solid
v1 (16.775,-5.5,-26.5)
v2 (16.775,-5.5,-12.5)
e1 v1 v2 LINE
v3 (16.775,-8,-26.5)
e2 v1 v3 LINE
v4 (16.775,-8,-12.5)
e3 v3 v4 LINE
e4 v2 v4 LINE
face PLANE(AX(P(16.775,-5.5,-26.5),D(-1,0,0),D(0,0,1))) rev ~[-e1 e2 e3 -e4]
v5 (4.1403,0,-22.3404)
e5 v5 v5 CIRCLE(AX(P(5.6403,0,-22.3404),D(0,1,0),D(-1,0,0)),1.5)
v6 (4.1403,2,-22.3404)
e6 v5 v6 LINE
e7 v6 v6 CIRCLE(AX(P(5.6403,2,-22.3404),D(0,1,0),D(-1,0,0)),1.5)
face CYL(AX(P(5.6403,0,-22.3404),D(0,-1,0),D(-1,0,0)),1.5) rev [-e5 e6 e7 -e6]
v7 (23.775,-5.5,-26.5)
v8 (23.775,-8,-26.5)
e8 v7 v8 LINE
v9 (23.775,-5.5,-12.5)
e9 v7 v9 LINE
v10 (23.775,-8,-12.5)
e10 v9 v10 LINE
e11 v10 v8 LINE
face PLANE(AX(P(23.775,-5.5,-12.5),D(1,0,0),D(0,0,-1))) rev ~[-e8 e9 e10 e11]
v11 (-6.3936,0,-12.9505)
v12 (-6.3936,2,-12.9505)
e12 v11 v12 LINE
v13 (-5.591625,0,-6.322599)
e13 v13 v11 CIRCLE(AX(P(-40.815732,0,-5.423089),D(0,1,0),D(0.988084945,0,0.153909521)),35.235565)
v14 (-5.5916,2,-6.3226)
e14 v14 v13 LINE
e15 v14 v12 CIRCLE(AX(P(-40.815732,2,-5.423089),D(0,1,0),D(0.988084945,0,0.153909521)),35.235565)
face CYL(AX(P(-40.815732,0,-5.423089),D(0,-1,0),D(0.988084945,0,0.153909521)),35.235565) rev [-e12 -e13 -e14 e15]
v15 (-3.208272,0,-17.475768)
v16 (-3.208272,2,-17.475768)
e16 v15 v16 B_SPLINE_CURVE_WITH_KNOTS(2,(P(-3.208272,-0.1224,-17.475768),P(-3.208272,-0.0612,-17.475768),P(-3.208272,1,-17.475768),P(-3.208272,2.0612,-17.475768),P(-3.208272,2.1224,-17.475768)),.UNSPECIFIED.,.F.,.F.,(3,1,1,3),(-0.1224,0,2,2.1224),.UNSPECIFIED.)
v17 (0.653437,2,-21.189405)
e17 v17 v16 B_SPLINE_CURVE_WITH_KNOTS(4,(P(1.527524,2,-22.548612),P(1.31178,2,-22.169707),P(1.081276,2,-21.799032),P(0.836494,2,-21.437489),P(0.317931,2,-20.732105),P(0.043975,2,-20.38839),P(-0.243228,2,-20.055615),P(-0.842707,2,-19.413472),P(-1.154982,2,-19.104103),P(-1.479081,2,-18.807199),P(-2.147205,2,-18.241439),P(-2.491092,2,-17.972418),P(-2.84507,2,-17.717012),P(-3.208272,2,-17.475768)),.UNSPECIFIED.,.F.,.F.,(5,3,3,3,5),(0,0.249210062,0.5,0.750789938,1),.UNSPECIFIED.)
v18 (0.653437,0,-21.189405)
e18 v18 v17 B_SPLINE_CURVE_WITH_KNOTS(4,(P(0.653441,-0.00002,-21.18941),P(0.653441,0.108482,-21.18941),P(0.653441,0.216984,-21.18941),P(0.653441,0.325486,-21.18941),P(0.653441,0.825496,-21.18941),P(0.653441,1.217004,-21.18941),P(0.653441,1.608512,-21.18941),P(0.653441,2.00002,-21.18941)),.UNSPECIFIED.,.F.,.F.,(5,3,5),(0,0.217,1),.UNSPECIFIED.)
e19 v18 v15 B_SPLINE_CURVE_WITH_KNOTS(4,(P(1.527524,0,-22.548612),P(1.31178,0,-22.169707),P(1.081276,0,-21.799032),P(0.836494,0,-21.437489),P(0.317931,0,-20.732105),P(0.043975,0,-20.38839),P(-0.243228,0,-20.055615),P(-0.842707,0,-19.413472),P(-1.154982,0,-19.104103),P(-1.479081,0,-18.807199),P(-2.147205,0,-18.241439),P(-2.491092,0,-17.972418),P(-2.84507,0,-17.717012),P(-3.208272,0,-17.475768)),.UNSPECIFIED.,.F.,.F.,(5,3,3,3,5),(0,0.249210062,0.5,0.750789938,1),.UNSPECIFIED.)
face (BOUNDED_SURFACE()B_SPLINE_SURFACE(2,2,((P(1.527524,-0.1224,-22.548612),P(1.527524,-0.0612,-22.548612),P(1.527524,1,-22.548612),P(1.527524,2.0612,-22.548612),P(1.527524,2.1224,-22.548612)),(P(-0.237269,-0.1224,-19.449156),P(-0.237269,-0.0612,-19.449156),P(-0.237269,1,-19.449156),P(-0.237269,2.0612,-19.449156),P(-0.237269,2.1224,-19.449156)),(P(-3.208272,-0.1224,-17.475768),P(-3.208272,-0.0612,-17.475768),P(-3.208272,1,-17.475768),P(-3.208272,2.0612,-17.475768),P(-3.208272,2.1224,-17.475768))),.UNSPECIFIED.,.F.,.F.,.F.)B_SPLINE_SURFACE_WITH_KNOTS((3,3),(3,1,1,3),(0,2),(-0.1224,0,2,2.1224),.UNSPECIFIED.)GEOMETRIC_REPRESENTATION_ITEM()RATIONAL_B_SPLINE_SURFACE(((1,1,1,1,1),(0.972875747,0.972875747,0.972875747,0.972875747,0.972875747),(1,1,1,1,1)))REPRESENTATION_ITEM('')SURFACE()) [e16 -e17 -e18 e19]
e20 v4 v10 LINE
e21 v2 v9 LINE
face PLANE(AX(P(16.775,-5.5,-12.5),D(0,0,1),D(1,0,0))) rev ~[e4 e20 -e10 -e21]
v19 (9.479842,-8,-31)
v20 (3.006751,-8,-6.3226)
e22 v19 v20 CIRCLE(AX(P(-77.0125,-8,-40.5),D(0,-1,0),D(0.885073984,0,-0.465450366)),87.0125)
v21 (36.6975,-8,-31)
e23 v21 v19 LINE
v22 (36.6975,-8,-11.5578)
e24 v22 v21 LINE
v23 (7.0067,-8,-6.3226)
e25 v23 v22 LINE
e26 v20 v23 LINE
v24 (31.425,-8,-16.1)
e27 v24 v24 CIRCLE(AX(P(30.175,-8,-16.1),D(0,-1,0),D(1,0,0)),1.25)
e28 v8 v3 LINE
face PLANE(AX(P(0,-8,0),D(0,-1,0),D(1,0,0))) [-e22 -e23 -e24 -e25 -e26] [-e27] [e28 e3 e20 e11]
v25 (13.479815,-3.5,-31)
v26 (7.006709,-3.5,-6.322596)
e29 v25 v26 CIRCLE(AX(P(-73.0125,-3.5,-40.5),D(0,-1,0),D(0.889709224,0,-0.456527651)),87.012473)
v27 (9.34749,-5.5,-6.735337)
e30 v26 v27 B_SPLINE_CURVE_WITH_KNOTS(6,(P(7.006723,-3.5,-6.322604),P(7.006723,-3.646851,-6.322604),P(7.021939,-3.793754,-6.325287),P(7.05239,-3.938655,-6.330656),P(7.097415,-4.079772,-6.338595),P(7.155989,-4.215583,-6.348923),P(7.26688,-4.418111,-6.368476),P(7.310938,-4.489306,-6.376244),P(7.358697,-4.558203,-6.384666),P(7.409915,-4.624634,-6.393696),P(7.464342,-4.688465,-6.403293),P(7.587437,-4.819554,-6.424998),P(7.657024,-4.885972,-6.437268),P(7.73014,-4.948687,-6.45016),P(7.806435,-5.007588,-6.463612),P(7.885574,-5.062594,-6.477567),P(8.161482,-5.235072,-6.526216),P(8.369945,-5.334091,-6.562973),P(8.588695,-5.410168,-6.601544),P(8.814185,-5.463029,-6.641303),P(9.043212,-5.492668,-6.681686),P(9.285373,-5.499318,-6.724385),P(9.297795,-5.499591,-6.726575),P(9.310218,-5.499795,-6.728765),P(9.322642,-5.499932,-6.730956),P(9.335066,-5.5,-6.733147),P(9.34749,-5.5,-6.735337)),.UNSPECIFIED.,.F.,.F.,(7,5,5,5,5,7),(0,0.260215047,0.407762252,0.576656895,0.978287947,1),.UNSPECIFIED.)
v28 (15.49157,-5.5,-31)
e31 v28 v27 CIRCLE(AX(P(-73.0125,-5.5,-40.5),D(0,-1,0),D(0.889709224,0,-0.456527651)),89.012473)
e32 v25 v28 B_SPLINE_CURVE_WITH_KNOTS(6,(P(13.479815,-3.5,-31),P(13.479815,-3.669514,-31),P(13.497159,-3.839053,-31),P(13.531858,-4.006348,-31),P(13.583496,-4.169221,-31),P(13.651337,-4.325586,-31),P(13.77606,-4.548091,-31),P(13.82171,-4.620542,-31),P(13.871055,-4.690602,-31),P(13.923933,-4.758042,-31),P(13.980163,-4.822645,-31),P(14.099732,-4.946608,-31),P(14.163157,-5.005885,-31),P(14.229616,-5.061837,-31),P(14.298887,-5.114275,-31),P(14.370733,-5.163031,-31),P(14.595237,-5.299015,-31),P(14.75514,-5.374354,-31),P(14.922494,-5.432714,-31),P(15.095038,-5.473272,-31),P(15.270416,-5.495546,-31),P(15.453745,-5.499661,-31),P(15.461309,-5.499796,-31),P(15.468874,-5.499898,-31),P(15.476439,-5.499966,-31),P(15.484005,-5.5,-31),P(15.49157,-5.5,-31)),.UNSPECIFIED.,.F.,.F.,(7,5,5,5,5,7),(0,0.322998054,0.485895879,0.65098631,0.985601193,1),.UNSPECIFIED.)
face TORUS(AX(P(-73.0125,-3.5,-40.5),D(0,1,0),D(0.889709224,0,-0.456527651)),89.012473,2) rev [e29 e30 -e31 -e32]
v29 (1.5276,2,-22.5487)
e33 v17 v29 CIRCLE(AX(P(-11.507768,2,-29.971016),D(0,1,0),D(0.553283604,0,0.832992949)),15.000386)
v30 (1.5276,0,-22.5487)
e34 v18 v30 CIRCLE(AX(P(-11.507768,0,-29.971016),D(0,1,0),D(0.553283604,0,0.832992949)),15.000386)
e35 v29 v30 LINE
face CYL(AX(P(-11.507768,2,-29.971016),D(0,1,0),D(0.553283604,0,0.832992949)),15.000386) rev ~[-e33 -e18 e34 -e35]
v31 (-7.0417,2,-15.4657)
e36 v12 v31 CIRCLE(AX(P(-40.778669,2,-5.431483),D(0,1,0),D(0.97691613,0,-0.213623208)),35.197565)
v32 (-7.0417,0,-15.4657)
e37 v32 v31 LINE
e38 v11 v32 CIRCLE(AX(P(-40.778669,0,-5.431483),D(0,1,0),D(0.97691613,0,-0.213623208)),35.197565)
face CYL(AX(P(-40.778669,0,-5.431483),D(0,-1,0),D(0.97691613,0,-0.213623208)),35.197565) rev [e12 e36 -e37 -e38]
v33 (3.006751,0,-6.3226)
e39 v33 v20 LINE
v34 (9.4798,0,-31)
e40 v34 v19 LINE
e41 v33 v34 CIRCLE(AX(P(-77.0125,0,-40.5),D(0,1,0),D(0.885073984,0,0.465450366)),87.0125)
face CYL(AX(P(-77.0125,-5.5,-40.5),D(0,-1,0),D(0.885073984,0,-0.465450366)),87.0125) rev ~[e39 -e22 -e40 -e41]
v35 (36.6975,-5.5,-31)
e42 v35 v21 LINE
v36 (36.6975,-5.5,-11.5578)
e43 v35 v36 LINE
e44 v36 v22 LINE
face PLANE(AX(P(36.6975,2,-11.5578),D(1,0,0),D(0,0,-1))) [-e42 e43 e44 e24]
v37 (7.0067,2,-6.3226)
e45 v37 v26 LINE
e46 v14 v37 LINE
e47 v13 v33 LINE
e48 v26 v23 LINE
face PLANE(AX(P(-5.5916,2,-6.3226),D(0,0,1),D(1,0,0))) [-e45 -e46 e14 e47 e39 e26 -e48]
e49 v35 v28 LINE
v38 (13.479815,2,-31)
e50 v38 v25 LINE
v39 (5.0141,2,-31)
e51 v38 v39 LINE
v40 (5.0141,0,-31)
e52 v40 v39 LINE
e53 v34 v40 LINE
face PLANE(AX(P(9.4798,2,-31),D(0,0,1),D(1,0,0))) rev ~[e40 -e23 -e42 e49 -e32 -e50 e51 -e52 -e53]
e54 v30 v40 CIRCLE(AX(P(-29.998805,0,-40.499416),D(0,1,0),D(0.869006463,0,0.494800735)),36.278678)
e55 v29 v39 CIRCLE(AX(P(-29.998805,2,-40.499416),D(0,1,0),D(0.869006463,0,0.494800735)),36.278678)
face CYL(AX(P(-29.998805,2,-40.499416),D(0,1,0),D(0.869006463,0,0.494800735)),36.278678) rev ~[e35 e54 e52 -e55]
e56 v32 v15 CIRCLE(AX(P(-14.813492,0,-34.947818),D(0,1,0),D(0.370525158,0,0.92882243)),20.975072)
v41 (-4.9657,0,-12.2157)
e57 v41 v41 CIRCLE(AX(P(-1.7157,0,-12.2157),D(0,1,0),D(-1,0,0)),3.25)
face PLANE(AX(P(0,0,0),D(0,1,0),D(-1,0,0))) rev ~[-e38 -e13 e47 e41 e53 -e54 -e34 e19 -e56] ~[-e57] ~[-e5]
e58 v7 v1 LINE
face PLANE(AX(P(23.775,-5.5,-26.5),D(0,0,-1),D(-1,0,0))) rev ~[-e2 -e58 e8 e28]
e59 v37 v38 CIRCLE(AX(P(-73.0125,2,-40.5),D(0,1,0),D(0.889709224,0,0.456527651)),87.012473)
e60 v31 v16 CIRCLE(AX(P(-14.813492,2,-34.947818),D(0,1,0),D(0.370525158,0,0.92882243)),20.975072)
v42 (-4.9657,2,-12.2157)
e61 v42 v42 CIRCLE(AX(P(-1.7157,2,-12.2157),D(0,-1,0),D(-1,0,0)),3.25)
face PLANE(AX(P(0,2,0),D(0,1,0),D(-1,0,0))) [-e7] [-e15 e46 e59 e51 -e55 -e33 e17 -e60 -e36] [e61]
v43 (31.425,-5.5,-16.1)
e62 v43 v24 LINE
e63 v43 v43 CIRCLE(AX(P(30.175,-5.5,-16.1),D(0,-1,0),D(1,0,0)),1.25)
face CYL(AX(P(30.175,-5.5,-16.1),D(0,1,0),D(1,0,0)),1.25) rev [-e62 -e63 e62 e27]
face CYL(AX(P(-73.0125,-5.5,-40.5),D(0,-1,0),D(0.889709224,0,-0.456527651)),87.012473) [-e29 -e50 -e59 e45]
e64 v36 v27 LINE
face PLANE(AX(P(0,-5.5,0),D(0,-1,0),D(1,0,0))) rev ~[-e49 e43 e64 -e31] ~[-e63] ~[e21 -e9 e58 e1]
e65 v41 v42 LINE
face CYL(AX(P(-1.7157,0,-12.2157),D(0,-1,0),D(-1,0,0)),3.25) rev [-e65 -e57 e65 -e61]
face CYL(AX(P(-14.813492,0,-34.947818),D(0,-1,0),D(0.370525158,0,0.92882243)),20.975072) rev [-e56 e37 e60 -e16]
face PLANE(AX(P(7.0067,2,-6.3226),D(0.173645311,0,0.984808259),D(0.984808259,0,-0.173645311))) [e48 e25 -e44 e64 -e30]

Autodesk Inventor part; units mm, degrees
ref_plane "YZ Plane" through (0, 0, 0) normal (1, 0, 0) x (0, 1, 0)
ref_plane "XZ Plane" through (0, 0, 0) normal (0, 1, 0) x (-1, 0, 0)
ref_plane "XY Plane" through (0, 0, 0) normal (0, 0, 1) x (1, 0, 0)
sketch "Sketch1" plane through (0, 0, 0) normal (0, 1, 0) x (-1, 0, 0)
  line L0 (0, 0) -> (60, 0)
  line L1 (60, 0) -> (60, -81)
  line L2 (60, -81) -> (0, -81)
  line L3 (0, -81) -> (0, 0)
  line L4 (45, -21.6284) -> (15, -21.6284) construction
  line L5 (45, -81) -> (45, 0) construction
  line L6 (15, 0) -> (15, -81) construction
  circle A0 centre (40, -73.5) radius 1.5
  circle A1 centre (40, -7.5) radius 1.5
  circle A2 centre (20, -7.5) radius 1.5
  circle A3 centre (20, -73.5) radius 1.5
  line L7 (60, -40.5) -> (0, -40.5) construction
  line L8 (30, 0) -> (30, -81) construction
  circle A4 centre (30, -40.5) radius 24
  circle A5 centre (30, -40.5) radius 27.5
  circle A6 centre (57.1293, -36) radius 1.5
  circle A7 centre (57.1293, -45) radius 1.5
  circle A8 centre (25.5, -13.3707) radius 1.5
  circle A9 centre (34.5, -13.3707) radius 1.5
  circle A10 centre (2.8707, -45) radius 1.5
  circle A11 centre (2.8707, -36) radius 1.5
  circle A12 centre (34.5, -67.6293) radius 1.5
  circle A13 centre (25.5, -67.6293) radius 1.5
  circle A14 centre (30, -40.5) radius 40 construction
  arc A15 (60, -81) -> (60, 0) centre (-17.0125, -40.5) ccw
  circle A16 centre (30, -40.5) radius 36.28 construction
  circle A17 centre (65.9998, -36) radius 1.5
  circle A18 centre (65.9998, -45) radius 1.5
  circle A19 centre (-5.9998, -45) radius 1.5
  circle A20 centre (-5.9998, -36) radius 1.5
  arc A21 (0, 0) -> (0, -81) centre (77.0125, -40.5) ccw
  line L9 (30, -40.5) -> (-3.3536, -73.8536) construction
  circle A22 centre (1.7157, -68.7843) radius 1.5
  circle A23 centre (11.8404, -76.1403) radius 1.5
  circle A24 centre (23.7426, -80.0075) radius 1.5
  circle A25 centre (36.2574, -80.0075) radius 1.5
  circle A26 centre (48.1596, -76.1403) radius 1.5
  circle A27 centre (58.2843, -68.7843) radius 1.5
  circle A28 centre (65.6403, -58.6596) radius 1.5
  circle A29 centre (69.5075, -46.7574) radius 1.5
  circle A30 centre (69.5075, -34.2426) radius 1.5
  circle A31 centre (65.6403, -22.3404) radius 1.5
  circle A32 centre (58.2843, -12.2157) radius 1.5
  circle A33 centre (48.1596, -4.8597) radius 1.5
  circle A34 centre (36.2574, -0.9925) radius 1.5
  circle A35 centre (23.7426, -0.9925) radius 1.5
  circle A36 centre (11.8404, -4.8597) radius 1.5
  circle A37 centre (1.7157, -12.2157) radius 1.5
  circle A38 centre (-5.6403, -22.3404) radius 1.5
  circle A39 centre (-9.5075, -34.2426) radius 1.5
  circle A40 centre (-9.5075, -46.7574) radius 1.5
  circle A41 centre (-5.6403, -58.6596) radius 1.5
  circle A42 centre (48.1596, -68.7843) radius 1.5
  circle A43 centre (48.1596, -12.2157) radius 1.5
  circle A44 centre (11.8404, -12.2157) radius 1.5
  circle A45 centre (11.8404, -68.7843) radius 1.5
  line L10 (0, 0) -> (6, 0)
  arc A46 (6, 0) -> (6.3936, -12.9505) centre (40.8143, -5.423) ccw
  arc A47 (6.3936, -12.9505) -> (-5.0141, -31) centre (30, -40.5) ccw
  line L11 (-9.4798, -31) -> (7.9603, -31)
  line L12 (-10, -40.5) -> (70, -40.5) construction
  line L13 (-18.775, -14.5) -> (-31.775, -14.5)
  line L14 (-31.775, -14.5) -> (-31.775, -24.5)
  line L15 (-31.775, -24.5) -> (-18.775, -24.5)
  line L16 (-18.775, -24.5) -> (-18.775, -14.5)
  line L17 (-18.775, -54.5) -> (-37.775, -54.5)
  line L18 (-37.775, -54.5) -> (-37.775, -68.5)
  line L19 (-37.775, -68.5) -> (-18.775, -68.5)
  line L20 (-18.775, -68.5) -> (-18.775, -54.5)
  line L21 (-17.0125, -40.5) -> (-69.0232, -40.5)
  line L22 (-16.775, -12.5) -> (-23.775, -12.5)
  line L23 (-23.775, -12.5) -> (-23.775, -26.5)
  line L24 (-23.775, -26.5) -> (-16.775, -26.5)
  line L25 (-16.775, -26.5) -> (-16.775, -12.5)
  line L26 (-16.775, -52.5) -> (-23.775, -52.5)
  line L27 (-23.775, -52.5) -> (-23.775, -70.5)
  line L28 (-23.775, -70.5) -> (-16.775, -70.5)
  line L29 (-16.775, -70.5) -> (-16.775, -52.5)
  circle A48 centre (-30.175, -16.1) radius 1.25
  circle A49 centre (-30.175, -22.9) radius 1.25
  circle A50 centre (-35.775, -56.5) radius 1.25
  line L30 (-16.775, -32.5) -> (-49.775, -32.5)
  line L31 (-51.775, -34.5) -> (-51.775, -46.5)
  line L32 (-49.775, -48.5) -> (-16.775, -48.5)
  line L33 (-16.775, -48.5) -> (-16.775, -32.5)
  line L34 (-16.775, -43.5) -> (-38.775, -43.5) construction
  line L35 (-32.0174, -32.5) -> (-46.0174, -32.5)
  line L36 (-46.0174, -32.5) -> (-46.0174, -48.5)
  line L37 (-46.0174, -48.5) -> (-32.0174, -48.5)
  line L38 (-32.0174, -48.5) -> (-32.0174, -32.5)
  line L39 (0, 0) -> (-59.1614, -10.4318)
  line L40 (0, -81) -> (-59.1614, -70.5682)
  arc A51 (-51.775, -9.1293) -> (-51.775, -71.8707) centre (29.3856, -40.5) ccw
  arc A52 (-49.775, -32.5) -> (-51.775, -34.5) centre (-49.775, -34.5) ccw
  arc A53 (-51.775, -46.5) -> (-49.775, -48.5) centre (-49.775, -46.5) ccw
  arc A54 (6.3936, -68.0495) -> (6, -81) centre (40.8143, -75.577) ccw
  arc A55 (-5.0141, -50) -> (6.3936, -68.0495) centre (30, -40.5) ccw
  line L41 (-9.4798, -50) -> (7.9603, -50)
  arc A56 (-4.4033, -0.7764) -> (-4.4033, -80.2236) centre (73.0125, -40.5) ccw
  circle A57 centre (1.7157, -12.2157) radius 3.25
  circle A58 centre (1.7157, -68.7843) radius 3.25
  arc A59 (6.3936, -12.9505) -> (7.0417, -15.4657) centre (40.8143, -5.423) ccw
  arc A60 (7.0417, -15.4657) -> (0, -20.0981) centre (14.8139, -34.9486) ccw
  arc A61 (7.0417, -65.5343) -> (6.3936, -68.0495) centre (40.8143, -75.577) ccw
  arc A62 (0, -60.9019) -> (7.0417, -65.5343) centre (14.8139, -46.0514) ccw
  point P0 (30, -21.6284)
  point P1 (-18.775, -19.5)
  point P2 (-18.775, -61.5)
  point P3 (-51.775, -48.5)
  point P4 (-51.775, -32.5)
  point P5 (-16.775, -40.5)
  point P6 (-16.775, -61.5)
  point P7 (-51.775, -40.5)
  point P8 (-14, -40.5)
  point P9 (6, -81)
  point P10 (0, -60.9019)
  dimension "d18" = 48
  dimension "d6" = 60
  dimension "d7" = 81
  dimension "d8" = 3
  dimension "d9" = 7.5
  dimension "d10" = 5
  dimension "d11" = 30
  dimension "d12" = 3
  dimension "d13" = 7.5
  dimension "d14" = 5
  dimension "d15" = 3
  dimension "d16" = 3
  dimension "d17" = 5
  dimension "d19" = 55
  dimension "d20" = 3
  dimension "d21" = 4.5
  dimension "d22" = 3
  dimension "d23" = 4.5
  dimension "d24" = 360
  dimension "d25" = 80
  dimension "d26" = 72.56
  dimension "d27" = 3
  dimension "d28" = 3
  dimension "d29" = 360
  dimension "d30" = 45
  dimension "d31" = 3
  dimension "d32" = 360
  dimension "d33" = 3
  dimension "d34" = 3
  dimension "d35" = 3
  dimension "d36" = 3
  dimension "d37" = 6
  dimension "d38" = 5
  dimension "d39" = 30
  dimension "d40" = 40.5
  dimension "d41" = 13
  dimension "d42" = 10
  dimension "d43" = 19
  dimension "d44" = 14
  dimension "d45" = 7
  dimension "d46" = 2
  dimension "d47" = 2
  dimension "d48" = 2
  dimension "d49" = 2
  dimension "d50" = 2
  dimension "d51" = 2
  dimension "d52" = 7
  dimension "d53" = 2.5
  dimension "d54" = 2.5
  dimension "d55" = 1.6
  dimension "d56" = 1.6
  dimension "d57" = 2.5
  dimension "d58" = 2
  dimension "d59" = 2
  dimension "d60" = 35
  dimension "d61" = 16
  dimension "d62" = 4
  dimension "d63" = 6
  dimension "d64" = 22
  dimension "d65" = 14
  dimension "d66" = 80
  dimension "d67" = 80
  dimension "d68" = 2
  dimension "d69" = 4
  dimension "d78" = 6.5
extrude "Extrusion1" add sketch "Sketch1" along normal blind 2 contours L0 A46 A47 L3 A57 | L3 A57 A47 L11 A21 | A21 A39 A40 L40 A56 L39 | A59 A60 A47 | A21 A39 | L3 A58 A55 A54 L2 | A21 L41 A55 L3 A58 | A21 A40 | A62 A61 A55 picked at (-10.1825, -34.1938) picked at (-10.1825, -46.8062)
extrude "Extrusion2" add sketch "Sketch1" against normal blind 4 contours A21 A39 A40 L40 A56 L39 | A21 A39 | A21 A40 picked at (-10.1825, -34.1938) picked at (-10.1825, -46.8062)
ref_plane "Work Plane1" through (0, -5.5, 0) normal (0, -1, 0) x (1, 0, 0)
sketch "Sketch2" plane through (0, -5.5, 0) normal (0, -1, 0) x (1, 0, 0)
  line L0 (0, -81) -> (59.1614, -70.5682) projected
  arc A0 (51.775, -71.8707) -> (51.775, -9.1293) centre (-29.3856, -40.5) ccw projected
  line L1 (49.775, -48.5) -> (16.775, -48.5) projected
  arc A1 (49.775, -48.5) -> (51.775, -46.5) centre (49.775, -46.5) ccw projected
  line L2 (51.775, -34.5) -> (51.775, -46.5) projected
  arc A2 (51.775, -34.5) -> (49.775, -32.5) centre (49.775, -34.5) ccw projected
  line L3 (16.775, -32.5) -> (49.775, -32.5) projected
  line L4 (46.0174, -32.5) -> (46.0174, -48.5) projected
  line L5 (32.0174, -48.5) -> (32.0174, -32.5) projected
  line L6 (16.775, -48.5) -> (16.775, -32.5) projected
  arc A3 (4.4033, -80.2236) -> (4.4033, -0.7764) centre (-73.0125, -40.5) ccw projected
  arc A4 (0, -81) -> (0, 0) centre (-77.0125, -40.5) ccw projected
  line L7 (37.775, -68.5) -> (18.775, -68.5) projected
  line L8 (37.775, -54.5) -> (37.775, -68.5) projected
  line L9 (18.775, -54.5) -> (37.775, -54.5) projected
  circle A5 centre (35.775, -56.5) radius 1.25 projected
  line L10 (23.775, -52.5) -> (23.775, -70.5) projected
  line L11 (23.775, -70.5) -> (16.775, -70.5) projected
  line L12 (16.775, -70.5) -> (16.775, -52.5) projected
  line L13 (18.775, -68.5) -> (18.775, -54.5) projected
  line L14 (16.775, -52.5) -> (23.775, -52.5) projected
  line L15 (31.775, -24.5) -> (18.775, -24.5) projected
  line L16 (31.775, -14.5) -> (31.775, -24.5) projected
  circle A6 centre (30.175, -16.1) radius 1.25 projected
  line L17 (18.775, -14.5) -> (31.775, -14.5) projected
  line L18 (0, 0) -> (59.1614, -10.4318) projected
  line L19 (23.775, -12.5) -> (23.775, -26.5) projected
  line L20 (16.775, -12.5) -> (23.775, -12.5) projected
  line L21 (16.775, -26.5) -> (16.775, -12.5) projected
  line L22 (18.775, -24.5) -> (18.775, -14.5) projected
  line L23 (23.775, -26.5) -> (16.775, -26.5) projected
  line L24 (17.0125, -40.5) -> (69.0232, -40.5) projected
  point P0 (23.775, -24.5)
  point P1 (23.775, -14.5)
  point P2 (23.775, -68.5)
  point P3 (23.775, -54.5)
extrude "Extrusion3" add sketch "Sketch2" along normal blind 2.5 contours A4 L18 A3 L0 | L2 A1 L1 L4 L24 | L24 L4 L3 A2 L2 | A3 L18 A0 L0 | L5 L1 L6 L3 | L7 L10 L9 L8 | L15 L19 L17 L16
extrude "Extrusion4" add sketch "Sketch2" against normal up to surface (1.5 mm away) contours A4 L18 A3 L0
fillet "Fillet1" radius 2 3 edges at (46.0174, -6.75, -32.5) (46.0174, -6.75, -48.5) (14, -5.5, -40.5)
fillet "Fillet2" radius 15 2 edges at (0, 1, -20.0981) (0, 1, -60.9019)
sketch "Sketch3" plane through (0, 2, 0) normal (0, 1, 0) x (1, 0, 0)
  arc A0 (-6, 0) -> (-7.0417, 15.4657) centre (-40.8143, 5.423) ccw projected
  line L0 (-5.5916, 6.3226) -> (7.0067, 6.3226)
  arc A1 (4.4033, 0.7764) -> (4.4033, 80.2236) centre (-73.0125, 40.5) ccw projected
  line L1 (7.0067, 6.3226) -> (36.6975, 11.5578)
  arc A2 (51.775, 9.1293) -> (51.775, 71.8707) centre (-29.3856, 40.5) ccw projected
  line L2 (51.775, 9.1293) -> (6.8591, 1.2095) projected
  line L3 (36.6975, 11.5578) -> (36.6975, 31)
  line L4 (9.4798, 31) -> (5.0141, 31) projected
  line L5 (5.0141, 31) -> (36.6975, 31)
  arc A3 (1.5276, 22.5487) -> (5.0141, 31) centre (-30, 40.5) ccw projected
  arc A4 (-3.2083, 17.4758) -> (1.5276, 22.5487) centre (-11.5075, 29.9707) ccw projected
  arc A5 (-7.0417, 15.4657) -> (-3.2083, 17.4758) centre (-14.8139, 34.9486) ccw projected
  line L6 (-14.8139, 83.8993) -> (60.693, 83.8993)
  line L7 (60.693, 83.8993) -> (60.693, -4.0621)
  line L8 (60.693, -4.0621) -> (-14.8139, -4.0621)
  line L9 (-14.8139, -4.0621) -> (-14.8139, 83.8993)
  point P0 (0, 0)
extrude "Extrusion5" cut sketch "Sketch3" against normal up to surface (10 mm away)
equation "\"d11\" = 0.5 * d6"
equation "\"d12\" = d8"
equation "\"d15\" = d8"
equation "\"d16\" = d8"
equation "\"d22\" = d8"
equation "\"d27\" = d8"
equation "\"d28\" = d8"
equation "\"d31\" = d8"
equation "\"d33\" = d8"
equation "\"d34\" = d8"
equation "\"d35\" = d8"
equation "\"d36\" = d8"
properties part number "SensorHolderSmall"
